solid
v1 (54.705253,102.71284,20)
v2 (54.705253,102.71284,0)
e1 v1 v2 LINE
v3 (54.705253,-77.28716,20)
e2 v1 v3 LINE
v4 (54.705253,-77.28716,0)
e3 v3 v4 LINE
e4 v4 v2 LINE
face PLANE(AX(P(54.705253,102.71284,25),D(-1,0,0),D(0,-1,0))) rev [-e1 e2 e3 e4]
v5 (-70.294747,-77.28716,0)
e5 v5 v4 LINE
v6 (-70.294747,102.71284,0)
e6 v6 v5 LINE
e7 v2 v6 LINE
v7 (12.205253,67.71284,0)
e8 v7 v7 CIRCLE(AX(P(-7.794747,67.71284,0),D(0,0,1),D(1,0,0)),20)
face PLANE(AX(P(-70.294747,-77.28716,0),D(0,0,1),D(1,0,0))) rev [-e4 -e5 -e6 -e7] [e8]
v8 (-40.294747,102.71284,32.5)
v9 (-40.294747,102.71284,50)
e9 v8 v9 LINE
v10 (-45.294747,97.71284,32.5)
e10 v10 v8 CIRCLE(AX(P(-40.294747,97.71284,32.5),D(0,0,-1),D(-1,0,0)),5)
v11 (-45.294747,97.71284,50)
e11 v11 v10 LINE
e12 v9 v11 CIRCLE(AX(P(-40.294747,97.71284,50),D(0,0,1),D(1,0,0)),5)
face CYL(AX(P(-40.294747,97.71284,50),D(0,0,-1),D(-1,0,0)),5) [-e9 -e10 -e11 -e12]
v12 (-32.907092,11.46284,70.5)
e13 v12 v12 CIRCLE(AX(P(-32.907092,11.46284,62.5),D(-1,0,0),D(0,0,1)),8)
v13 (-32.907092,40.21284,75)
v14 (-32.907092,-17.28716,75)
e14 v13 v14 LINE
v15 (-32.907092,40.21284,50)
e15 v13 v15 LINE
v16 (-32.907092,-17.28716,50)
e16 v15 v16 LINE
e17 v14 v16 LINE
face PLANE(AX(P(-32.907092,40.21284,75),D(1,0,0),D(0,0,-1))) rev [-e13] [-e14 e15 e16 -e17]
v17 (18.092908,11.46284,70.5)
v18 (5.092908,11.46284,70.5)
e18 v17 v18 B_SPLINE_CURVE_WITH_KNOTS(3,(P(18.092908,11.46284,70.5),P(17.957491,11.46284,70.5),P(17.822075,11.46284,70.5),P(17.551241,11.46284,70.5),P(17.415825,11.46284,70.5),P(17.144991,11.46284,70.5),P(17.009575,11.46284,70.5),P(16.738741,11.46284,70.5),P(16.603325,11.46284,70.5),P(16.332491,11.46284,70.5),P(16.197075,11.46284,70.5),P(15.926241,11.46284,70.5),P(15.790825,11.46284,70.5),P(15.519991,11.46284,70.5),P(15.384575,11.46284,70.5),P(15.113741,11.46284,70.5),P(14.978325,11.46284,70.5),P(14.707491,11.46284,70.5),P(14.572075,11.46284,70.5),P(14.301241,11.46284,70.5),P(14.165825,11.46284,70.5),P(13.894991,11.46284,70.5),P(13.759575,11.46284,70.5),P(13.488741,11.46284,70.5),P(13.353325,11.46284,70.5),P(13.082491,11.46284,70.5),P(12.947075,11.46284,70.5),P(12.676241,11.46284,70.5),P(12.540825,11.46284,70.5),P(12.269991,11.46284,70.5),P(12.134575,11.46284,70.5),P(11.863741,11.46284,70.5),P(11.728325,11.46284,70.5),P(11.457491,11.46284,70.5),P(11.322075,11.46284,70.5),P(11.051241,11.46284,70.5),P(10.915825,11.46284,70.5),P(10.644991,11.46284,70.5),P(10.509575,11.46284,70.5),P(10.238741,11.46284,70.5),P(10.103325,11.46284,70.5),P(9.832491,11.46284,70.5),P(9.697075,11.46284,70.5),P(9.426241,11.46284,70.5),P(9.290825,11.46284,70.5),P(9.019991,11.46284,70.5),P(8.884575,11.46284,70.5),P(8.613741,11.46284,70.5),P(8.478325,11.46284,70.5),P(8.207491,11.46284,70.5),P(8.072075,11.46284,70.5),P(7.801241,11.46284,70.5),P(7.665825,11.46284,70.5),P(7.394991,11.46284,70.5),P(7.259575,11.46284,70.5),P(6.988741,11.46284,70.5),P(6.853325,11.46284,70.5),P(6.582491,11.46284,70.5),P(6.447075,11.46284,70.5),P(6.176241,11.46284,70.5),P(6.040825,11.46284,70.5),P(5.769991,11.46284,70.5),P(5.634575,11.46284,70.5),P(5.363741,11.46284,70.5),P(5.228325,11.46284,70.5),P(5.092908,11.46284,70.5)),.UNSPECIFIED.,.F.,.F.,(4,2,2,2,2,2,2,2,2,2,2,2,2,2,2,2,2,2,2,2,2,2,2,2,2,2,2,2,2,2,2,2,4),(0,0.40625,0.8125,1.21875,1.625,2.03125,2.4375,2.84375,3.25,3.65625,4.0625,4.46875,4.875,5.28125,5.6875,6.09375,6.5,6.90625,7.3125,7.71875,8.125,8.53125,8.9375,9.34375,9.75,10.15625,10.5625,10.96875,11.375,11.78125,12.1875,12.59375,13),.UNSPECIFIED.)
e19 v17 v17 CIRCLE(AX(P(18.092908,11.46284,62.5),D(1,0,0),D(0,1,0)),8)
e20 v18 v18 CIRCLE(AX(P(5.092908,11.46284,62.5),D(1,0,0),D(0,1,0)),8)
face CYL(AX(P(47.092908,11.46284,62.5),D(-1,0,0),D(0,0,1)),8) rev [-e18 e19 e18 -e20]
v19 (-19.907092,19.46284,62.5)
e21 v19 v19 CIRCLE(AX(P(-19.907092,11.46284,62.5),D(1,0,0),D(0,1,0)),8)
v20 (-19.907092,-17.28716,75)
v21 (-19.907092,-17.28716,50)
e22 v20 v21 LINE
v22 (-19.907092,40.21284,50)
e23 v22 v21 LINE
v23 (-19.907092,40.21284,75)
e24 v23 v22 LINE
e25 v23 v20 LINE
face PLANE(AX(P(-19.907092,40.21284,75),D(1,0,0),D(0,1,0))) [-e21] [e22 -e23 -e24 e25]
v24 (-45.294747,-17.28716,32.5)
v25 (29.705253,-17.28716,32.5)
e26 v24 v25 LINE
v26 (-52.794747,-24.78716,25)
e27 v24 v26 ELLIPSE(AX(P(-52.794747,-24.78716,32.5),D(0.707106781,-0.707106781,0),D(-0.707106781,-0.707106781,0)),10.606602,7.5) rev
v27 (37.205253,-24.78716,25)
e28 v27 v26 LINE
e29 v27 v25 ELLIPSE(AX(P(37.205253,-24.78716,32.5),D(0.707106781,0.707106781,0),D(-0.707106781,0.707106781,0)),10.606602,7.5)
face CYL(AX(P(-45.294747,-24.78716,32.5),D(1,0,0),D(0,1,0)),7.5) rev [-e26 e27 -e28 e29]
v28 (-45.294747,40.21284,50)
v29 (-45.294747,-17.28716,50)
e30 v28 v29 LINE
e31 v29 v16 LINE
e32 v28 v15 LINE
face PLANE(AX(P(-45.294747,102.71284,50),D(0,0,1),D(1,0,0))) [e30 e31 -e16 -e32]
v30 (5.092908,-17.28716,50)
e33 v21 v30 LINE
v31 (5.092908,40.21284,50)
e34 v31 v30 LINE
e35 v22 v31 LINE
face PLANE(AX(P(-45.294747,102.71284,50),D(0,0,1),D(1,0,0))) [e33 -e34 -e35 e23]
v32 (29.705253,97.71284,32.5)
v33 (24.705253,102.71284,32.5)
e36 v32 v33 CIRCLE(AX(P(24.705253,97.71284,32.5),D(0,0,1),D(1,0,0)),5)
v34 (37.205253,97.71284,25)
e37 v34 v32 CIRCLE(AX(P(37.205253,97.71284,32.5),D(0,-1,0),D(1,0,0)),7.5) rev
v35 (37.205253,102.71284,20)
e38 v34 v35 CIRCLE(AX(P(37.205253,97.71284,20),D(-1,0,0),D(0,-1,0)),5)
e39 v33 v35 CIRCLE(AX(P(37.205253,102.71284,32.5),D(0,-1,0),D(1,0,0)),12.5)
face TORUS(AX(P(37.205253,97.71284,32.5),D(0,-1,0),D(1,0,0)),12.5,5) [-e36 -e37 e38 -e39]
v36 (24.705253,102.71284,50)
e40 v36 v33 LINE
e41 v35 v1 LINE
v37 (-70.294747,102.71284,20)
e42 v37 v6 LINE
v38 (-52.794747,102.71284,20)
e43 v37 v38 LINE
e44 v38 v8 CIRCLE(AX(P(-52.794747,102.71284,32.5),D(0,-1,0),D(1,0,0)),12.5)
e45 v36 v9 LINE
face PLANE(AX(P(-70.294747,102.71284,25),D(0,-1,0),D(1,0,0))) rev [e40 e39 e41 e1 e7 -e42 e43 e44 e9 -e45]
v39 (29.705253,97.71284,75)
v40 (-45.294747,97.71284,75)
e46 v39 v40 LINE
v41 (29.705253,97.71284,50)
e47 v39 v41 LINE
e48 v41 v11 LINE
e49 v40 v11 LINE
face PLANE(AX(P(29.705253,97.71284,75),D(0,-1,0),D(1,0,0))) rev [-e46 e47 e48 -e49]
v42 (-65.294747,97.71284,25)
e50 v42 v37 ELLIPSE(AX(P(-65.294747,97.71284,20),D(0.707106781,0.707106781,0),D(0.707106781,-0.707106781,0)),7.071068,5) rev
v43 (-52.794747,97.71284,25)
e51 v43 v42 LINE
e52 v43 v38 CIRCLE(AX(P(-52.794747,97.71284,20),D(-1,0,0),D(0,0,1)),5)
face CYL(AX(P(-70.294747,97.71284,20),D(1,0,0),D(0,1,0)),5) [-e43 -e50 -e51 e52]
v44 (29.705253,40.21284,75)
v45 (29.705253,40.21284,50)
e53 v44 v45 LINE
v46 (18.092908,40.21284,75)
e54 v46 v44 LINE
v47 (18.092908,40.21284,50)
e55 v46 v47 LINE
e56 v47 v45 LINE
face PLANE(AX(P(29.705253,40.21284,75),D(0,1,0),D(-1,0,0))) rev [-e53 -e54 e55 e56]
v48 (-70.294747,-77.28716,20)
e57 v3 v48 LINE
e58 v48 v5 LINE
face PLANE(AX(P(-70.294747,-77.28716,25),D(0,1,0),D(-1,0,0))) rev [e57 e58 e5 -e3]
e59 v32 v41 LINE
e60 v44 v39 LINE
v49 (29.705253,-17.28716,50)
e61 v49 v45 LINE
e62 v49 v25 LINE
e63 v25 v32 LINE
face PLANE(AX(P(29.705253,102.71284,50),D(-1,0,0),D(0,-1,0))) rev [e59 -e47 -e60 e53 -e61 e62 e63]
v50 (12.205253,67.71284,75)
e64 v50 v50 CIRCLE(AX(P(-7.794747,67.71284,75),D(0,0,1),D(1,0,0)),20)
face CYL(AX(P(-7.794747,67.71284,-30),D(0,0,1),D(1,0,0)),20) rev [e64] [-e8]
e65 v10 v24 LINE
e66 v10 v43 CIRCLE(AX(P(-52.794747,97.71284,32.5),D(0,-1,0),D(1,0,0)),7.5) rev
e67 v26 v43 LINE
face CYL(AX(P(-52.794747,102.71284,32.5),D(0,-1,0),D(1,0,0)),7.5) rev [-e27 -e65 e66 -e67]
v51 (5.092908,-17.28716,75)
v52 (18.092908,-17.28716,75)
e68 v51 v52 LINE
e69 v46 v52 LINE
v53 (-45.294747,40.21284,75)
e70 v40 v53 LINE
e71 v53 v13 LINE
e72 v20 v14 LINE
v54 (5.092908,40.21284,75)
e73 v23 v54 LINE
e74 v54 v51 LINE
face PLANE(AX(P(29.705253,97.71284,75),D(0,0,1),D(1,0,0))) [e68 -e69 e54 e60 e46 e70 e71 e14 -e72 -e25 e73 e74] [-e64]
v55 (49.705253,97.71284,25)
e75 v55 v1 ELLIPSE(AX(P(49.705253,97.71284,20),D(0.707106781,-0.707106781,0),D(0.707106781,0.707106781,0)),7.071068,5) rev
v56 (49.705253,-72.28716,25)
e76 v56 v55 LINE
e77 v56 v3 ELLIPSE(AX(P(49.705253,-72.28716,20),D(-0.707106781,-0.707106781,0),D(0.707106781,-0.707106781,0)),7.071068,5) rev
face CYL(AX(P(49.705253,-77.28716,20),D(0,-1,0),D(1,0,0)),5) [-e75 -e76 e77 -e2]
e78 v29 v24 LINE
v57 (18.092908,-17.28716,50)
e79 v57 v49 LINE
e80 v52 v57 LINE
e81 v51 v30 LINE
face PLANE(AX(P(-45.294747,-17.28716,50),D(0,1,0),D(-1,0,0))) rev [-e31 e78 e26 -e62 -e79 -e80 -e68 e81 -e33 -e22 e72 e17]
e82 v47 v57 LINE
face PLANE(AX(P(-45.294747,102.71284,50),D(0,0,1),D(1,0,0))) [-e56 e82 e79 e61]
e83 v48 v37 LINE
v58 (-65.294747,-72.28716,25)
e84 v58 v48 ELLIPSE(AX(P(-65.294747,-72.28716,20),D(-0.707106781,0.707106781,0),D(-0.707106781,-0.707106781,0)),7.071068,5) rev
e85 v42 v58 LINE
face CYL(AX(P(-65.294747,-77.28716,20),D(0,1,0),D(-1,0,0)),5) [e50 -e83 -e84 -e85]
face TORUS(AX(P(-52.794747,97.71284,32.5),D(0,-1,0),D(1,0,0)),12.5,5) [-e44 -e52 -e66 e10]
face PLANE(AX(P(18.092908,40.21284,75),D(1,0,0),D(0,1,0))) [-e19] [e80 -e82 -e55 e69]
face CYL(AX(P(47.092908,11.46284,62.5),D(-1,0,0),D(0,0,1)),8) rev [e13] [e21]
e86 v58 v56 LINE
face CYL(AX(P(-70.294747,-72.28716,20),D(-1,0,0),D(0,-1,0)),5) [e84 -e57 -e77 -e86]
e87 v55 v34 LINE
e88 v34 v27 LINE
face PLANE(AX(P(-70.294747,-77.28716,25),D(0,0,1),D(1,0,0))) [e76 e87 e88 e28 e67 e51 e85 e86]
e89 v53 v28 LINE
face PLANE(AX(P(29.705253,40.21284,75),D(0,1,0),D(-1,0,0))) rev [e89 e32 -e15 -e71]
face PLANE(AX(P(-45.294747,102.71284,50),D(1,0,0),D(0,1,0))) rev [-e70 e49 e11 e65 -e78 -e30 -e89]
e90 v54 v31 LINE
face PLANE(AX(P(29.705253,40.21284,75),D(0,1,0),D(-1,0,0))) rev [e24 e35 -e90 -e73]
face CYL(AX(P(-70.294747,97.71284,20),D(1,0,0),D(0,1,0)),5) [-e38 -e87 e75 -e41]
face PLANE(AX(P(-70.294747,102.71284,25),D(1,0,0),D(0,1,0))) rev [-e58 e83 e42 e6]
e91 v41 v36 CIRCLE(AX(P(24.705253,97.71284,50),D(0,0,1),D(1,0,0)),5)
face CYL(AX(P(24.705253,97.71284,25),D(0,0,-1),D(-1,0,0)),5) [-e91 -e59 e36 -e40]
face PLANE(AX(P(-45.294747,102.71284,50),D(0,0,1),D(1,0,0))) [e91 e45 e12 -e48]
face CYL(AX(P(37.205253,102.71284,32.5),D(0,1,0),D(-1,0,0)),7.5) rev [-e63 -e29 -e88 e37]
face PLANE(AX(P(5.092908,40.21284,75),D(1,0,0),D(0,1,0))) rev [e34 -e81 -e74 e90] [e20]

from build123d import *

# Parameters (mm, degrees)
SKETCH1_W           = 125
SKETCH1_H           = 180
BASE_EXTRUDE_DEPTH  = 25
SKETCH2_W           = 75
SKETCH2_H           = 120
BOSS_EXTRUDE1_DEPTH = 25
FILLET2_R           = 7.5
FILLET4_R           = 5
SKETCH4_W           = 75
SKETCH4_H           = 57.5
BOSS_EXTRUDE2_DEPTH = 25
SKETCH7_R           = 20
CUT_EXTRUDE2_DEPTH  = 105
SKETCH8_W           = 13
SKETCH8_H           = 57.5
BOSS_EXTRUDE4_DEPTH = 25
SKETCH9_R           = 8
CUT_EXTRUDE3_DEPTH  = 80


with BuildPart() as part:
    # Sketch1 → Base-Extrude (new body)
    with BuildSketch(Plane.XY):
        with Locations((-7.794747082, 12.712840467)):
            Rectangle(SKETCH1_W, SKETCH1_H)
    extrude(amount=BASE_EXTRUDE_DEPTH)

    # Sketch2 → Boss-Extrude1 (add)
    with BuildSketch(Plane.XY.offset(25)):
        with Locations((-7.794747082, 42.712840467)):
            Rectangle(SKETCH2_W, SKETCH2_H)
    extrude(amount=BOSS_EXTRUDE1_DEPTH)

    # Fillet2
    fillet2_edges = [part.edges().sort_by_distance(p)[0] for p in [
        (-45.294747082, 42.712840467, 25),
        (-7.794747082, -17.287159533, 25),
        (29.705252918, 42.712840467, 25),
    ]]
    fillet(fillet2_edges, radius=FILLET2_R)

    # Fillet4
    fillet4_edges = [part.edges().sort_by_distance(p)[0] for p in [
        (54.705252918, 12.712840467, 25),
        (-61.544747082, 102.712840467, 25),
        (-45.294747082, 102.712840467, 41.25),
        (29.705252918, 102.712840467, 41.25),
        (31.901952059, 102.712840467, 27.196699141),
        (-47.491446223, 102.712840467, 27.196699141),
        (-70.294747082, 12.712840467, 25),
        (-7.794747082, -77.287159533, 25),
    ]]
    fillet(fillet4_edges, radius=FILLET4_R)

    # Sketch4 → Boss-Extrude2 (add)
    with BuildSketch(Plane.XY.offset(50)):
        with Locations((-7.794747082, 68.962840467)):
            Rectangle(SKETCH4_W, SKETCH4_H)
    extrude(amount=BOSS_EXTRUDE2_DEPTH)

    # Sketch7 → Cut-Extrude2 (cut)
    with BuildSketch(Plane.XY.offset(75)):
        with Locations((-7.794747082, 67.712840467)):
            Circle(SKETCH7_R)
    extrude(amount=-CUT_EXTRUDE2_DEPTH, mode=Mode.SUBTRACT)

    # Sketch8 → Boss-Extrude4 (add)
    with BuildSketch(Plane.XY.offset(50)):
        with Locations((11.592907965, 11.462840467)):
            Rectangle(SKETCH8_W, SKETCH8_H)
        with Locations((-26.407092035, 11.462840467)):
            Rectangle(SKETCH8_W, SKETCH8_H)
    extrude(amount=BOSS_EXTRUDE4_DEPTH)

    # Sketch9 → Cut-Extrude3 (cut)
    with BuildSketch(Plane.ZY.offset(32.907092035)):
        with Locations((62.5, 11.462840467)):
            Circle(SKETCH9_R)
    extrude(amount=-CUT_EXTRUDE3_DEPTH, mode=Mode.SUBTRACT)


solid = part.part
